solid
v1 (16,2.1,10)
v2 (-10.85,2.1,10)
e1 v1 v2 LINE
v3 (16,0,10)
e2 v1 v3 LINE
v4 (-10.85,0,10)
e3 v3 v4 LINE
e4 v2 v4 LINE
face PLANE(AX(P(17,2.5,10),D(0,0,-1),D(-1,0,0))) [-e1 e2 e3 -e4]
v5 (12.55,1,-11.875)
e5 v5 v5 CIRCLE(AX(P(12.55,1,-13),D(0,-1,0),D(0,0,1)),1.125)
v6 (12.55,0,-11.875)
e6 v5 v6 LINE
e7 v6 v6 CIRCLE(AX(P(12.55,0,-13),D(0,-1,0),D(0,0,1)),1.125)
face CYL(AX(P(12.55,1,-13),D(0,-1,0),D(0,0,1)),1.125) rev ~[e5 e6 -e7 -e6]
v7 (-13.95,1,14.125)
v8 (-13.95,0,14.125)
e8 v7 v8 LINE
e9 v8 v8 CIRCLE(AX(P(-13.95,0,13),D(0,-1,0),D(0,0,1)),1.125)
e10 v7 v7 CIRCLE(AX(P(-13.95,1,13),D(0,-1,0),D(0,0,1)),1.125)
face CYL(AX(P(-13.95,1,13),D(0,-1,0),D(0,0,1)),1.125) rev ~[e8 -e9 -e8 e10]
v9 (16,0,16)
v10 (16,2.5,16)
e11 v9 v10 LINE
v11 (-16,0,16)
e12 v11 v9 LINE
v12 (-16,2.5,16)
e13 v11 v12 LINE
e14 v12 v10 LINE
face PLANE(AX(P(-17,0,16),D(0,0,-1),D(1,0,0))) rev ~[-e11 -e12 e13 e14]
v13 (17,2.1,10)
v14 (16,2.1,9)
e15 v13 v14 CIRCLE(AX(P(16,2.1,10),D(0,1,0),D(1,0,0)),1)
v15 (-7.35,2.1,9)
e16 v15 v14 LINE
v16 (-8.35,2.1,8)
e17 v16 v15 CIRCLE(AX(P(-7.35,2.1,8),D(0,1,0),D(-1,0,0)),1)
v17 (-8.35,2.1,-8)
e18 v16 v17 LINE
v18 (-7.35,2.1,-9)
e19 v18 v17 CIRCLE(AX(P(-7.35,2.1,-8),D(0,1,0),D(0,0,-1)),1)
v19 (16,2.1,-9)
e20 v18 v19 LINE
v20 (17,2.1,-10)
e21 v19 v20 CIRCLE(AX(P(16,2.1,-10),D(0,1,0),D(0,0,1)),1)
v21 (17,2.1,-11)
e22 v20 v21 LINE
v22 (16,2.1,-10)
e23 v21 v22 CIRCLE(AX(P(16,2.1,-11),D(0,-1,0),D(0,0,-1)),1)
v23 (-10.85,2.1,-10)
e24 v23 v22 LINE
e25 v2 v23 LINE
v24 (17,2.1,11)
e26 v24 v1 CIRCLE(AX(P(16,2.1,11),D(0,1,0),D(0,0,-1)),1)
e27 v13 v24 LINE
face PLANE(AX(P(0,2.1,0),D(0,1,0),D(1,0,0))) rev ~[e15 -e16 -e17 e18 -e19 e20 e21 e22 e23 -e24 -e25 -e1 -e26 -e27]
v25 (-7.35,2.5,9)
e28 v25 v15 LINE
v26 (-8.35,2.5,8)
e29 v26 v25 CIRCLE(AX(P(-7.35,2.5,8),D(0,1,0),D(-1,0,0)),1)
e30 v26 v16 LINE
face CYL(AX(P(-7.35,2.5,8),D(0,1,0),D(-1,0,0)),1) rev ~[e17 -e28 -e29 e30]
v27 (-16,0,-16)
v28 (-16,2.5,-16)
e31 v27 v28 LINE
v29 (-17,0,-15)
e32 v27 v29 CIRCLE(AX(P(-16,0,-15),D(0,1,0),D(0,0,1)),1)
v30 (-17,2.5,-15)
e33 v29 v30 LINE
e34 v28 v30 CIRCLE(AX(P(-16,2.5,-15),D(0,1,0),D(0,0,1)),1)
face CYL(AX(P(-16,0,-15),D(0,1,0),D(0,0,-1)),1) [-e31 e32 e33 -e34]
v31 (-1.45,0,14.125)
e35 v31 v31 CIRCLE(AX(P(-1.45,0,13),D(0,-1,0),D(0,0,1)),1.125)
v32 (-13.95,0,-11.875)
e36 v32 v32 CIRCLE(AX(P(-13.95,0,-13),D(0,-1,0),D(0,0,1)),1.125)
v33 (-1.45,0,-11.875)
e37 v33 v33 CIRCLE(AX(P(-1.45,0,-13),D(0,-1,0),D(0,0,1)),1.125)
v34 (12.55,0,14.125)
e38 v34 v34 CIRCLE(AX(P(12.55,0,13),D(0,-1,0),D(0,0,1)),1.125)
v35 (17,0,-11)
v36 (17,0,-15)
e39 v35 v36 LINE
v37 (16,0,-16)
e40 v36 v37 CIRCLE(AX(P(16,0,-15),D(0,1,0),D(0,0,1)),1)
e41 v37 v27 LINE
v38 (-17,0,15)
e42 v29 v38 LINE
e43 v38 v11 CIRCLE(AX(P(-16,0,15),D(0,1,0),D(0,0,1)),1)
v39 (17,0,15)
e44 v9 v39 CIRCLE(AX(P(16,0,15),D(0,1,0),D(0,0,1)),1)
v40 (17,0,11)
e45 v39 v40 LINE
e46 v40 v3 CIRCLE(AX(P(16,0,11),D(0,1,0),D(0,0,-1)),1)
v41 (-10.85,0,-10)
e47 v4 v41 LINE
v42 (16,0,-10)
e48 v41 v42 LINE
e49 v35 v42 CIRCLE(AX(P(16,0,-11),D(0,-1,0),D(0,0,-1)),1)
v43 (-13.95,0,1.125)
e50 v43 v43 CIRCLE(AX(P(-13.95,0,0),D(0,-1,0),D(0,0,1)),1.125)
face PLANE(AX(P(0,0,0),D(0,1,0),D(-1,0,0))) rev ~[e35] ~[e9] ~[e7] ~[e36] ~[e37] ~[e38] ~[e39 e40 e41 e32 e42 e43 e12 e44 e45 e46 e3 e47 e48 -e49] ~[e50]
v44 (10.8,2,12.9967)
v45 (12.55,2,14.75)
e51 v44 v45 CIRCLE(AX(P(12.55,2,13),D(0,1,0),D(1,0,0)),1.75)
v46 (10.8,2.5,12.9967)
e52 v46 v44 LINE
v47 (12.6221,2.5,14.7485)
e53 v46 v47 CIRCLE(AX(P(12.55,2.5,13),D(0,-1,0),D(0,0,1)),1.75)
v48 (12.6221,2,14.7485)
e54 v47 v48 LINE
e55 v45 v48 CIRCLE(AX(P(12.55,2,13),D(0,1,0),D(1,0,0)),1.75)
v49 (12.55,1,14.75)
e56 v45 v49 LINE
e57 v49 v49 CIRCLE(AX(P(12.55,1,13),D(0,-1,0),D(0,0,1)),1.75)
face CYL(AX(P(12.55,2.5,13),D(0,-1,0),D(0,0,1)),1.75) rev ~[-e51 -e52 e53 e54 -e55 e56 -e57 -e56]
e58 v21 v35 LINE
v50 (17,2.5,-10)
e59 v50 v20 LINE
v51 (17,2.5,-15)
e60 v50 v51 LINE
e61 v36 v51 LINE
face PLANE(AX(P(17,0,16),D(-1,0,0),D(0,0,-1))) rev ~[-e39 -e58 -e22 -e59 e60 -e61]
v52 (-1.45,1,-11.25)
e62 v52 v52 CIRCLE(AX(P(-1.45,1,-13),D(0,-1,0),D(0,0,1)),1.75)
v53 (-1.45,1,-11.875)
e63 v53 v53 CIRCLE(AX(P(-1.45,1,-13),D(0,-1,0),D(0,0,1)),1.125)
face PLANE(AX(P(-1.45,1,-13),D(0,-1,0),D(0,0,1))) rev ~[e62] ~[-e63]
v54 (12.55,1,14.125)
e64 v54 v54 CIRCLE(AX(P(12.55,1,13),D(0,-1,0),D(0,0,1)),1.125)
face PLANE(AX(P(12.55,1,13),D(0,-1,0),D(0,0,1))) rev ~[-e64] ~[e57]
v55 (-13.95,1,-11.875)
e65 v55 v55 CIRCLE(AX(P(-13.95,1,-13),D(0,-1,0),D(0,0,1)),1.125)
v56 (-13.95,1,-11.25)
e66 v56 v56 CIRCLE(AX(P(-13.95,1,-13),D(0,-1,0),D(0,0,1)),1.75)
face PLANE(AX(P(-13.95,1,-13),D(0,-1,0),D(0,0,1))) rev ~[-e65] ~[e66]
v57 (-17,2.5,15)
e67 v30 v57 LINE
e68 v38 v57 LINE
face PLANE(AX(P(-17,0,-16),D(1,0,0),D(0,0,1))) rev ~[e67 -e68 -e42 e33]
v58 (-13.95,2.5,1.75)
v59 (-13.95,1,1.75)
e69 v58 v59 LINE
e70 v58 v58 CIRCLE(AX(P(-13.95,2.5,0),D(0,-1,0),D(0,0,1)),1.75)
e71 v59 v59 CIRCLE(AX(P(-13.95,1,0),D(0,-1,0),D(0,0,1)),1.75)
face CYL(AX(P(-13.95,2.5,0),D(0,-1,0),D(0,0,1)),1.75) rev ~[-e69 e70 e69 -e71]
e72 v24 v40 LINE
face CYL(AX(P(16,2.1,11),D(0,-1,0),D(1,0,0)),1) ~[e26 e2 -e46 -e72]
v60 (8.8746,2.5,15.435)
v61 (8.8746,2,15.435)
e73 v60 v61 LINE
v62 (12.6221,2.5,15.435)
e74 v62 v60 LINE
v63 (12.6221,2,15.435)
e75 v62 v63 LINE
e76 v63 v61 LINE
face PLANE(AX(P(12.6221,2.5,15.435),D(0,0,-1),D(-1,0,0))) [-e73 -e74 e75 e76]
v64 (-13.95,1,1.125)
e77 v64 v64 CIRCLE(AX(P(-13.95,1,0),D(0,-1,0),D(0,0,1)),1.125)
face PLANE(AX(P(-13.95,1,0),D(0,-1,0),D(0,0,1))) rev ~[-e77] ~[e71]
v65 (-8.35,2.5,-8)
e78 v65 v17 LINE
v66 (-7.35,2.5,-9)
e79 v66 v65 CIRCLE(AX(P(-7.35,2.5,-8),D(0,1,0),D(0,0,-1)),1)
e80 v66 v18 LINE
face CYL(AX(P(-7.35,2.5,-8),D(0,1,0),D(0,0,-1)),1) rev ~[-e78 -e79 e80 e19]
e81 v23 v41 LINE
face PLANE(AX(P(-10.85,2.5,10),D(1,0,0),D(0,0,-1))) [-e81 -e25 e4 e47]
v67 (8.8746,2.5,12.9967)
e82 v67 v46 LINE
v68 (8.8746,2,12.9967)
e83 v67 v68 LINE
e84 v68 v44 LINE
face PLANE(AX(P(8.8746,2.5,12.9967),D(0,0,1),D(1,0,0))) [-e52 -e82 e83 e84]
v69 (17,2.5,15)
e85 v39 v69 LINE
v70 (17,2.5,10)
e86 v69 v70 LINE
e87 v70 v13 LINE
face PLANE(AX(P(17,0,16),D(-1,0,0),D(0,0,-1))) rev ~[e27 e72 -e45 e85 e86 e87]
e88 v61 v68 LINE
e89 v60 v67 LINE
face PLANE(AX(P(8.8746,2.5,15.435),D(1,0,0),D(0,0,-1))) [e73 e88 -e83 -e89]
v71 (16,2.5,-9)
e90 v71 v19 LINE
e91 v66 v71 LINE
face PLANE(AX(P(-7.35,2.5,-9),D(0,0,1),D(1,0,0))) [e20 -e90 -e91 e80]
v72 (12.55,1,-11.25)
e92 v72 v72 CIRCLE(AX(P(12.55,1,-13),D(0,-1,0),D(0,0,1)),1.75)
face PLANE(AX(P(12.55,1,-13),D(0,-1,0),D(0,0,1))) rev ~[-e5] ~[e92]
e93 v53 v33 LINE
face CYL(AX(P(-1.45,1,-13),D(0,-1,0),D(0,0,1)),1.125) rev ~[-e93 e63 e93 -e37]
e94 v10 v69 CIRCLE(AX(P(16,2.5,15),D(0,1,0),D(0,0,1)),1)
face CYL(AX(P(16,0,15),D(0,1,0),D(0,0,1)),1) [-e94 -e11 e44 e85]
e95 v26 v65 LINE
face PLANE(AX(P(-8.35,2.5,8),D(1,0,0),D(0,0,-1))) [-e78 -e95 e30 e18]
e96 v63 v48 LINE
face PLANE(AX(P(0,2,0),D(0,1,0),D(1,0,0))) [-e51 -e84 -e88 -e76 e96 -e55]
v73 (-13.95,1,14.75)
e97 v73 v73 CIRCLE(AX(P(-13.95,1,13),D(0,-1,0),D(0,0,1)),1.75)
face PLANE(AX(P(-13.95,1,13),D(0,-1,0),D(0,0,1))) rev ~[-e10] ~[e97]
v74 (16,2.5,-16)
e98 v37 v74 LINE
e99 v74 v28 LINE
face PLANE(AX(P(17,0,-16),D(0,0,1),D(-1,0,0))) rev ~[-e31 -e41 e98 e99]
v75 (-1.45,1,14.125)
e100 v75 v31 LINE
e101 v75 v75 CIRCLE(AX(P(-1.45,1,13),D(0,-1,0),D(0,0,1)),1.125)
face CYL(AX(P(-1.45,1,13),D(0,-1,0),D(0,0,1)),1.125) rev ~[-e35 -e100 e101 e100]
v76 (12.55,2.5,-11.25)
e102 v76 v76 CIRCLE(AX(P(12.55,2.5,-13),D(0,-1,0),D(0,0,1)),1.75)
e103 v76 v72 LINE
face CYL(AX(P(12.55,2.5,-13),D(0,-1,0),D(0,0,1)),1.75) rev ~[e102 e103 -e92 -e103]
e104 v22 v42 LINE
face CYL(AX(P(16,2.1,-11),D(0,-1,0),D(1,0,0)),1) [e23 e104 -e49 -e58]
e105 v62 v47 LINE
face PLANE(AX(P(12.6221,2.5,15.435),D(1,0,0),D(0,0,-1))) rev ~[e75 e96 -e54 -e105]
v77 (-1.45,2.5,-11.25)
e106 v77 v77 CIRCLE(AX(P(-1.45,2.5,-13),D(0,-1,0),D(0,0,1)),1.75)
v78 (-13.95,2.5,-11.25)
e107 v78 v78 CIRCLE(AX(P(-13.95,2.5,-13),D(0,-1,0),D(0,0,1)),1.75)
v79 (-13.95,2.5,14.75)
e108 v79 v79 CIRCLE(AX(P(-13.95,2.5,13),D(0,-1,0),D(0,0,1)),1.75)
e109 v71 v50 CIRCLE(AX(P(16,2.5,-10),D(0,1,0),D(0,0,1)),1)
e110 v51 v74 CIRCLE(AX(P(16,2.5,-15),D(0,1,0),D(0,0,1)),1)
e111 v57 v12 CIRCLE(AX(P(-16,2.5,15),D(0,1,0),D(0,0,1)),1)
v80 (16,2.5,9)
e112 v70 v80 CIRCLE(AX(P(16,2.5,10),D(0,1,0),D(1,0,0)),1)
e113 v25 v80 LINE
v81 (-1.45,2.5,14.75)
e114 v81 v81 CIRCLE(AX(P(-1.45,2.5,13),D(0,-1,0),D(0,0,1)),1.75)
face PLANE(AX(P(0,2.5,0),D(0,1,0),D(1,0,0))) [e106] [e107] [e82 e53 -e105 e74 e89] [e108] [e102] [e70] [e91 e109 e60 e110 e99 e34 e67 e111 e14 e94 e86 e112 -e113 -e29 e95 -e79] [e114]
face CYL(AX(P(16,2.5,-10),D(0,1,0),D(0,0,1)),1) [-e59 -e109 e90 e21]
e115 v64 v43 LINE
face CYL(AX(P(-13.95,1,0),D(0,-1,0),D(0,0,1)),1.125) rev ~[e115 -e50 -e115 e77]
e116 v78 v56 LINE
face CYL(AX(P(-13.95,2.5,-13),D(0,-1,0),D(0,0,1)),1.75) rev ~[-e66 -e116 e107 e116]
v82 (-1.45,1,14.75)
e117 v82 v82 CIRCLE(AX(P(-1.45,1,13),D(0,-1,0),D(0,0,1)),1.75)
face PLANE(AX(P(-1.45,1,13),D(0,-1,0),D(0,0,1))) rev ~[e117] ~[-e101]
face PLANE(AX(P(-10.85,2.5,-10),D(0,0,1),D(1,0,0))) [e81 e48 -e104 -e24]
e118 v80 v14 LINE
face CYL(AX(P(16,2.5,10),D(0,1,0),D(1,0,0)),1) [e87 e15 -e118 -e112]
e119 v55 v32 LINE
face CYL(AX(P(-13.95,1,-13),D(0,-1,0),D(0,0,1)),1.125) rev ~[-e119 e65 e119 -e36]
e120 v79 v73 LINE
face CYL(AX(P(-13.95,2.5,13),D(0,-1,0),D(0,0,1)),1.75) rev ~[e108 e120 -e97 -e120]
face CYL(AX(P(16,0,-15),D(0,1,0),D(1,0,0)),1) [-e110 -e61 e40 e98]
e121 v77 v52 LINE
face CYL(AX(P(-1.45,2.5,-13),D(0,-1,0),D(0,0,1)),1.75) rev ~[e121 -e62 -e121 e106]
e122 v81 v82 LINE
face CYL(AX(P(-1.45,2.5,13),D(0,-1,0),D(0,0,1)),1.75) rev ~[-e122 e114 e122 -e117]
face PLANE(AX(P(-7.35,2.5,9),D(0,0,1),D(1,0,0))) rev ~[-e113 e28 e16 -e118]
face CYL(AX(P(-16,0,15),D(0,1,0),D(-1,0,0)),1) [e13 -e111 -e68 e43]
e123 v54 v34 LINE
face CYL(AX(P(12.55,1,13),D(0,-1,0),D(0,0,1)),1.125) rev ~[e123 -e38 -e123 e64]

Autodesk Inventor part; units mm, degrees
ref_plane "YZ Plane" through (0, 0, 0) normal (1, 0, 0) x (0, 1, 0)
ref_plane "XZ Plane" through (0, 0, 0) normal (0, 1, 0) x (-1, 0, 0)
ref_plane "XY Plane" through (0, 0, 0) normal (0, 0, 1) x (1, 0, 0)
sketch "Sketch1" plane through (0, 0, 0) normal (0, 1, 0) x (-1, 0, 0)
  line L0 (-17, -16) -> (17, -16)
  line L1 (17, -16) -> (17, 16)
  line L2 (17, 16) -> (-17, 16)
  line L3 (-17, 16) -> (-17, -16)
  line L4 (-17, -16) -> (17, 16) construction
  line L5 (17, -16) -> (-17, 16) construction
  point P0 (0, 0)
  dimension "d0" = 32
  dimension "d1" = 34
extrude "Extrusion1" add sketch "Sketch1" along normal blind 2.5
sketch "Sketch2" plane through (0, 2.5, 0) normal (0, 1, 0) x (1, 0, 0)
  line L0 (17, -16) -> (17, 16) projected
  line L1 (17, -10) -> (-10.85, -10)
  line L2 (-10.85, -10) -> (-10.85, 10)
  line L3 (-10.85, 10) -> (17, 10)
  line L4 (17, 10) -> (17, -10)
  point P0 (0, 0)
  point P1 (17, 10)
  dimension "d4" = 20
  dimension "d5" = 10
  dimension "d6" = 27.85
extrude "Extrusion2" cut sketch "Sketch2" against normal through all
sketch "Sketch3" plane through (0, 2.5, 0) normal (0, 1, 0) x (1, 0, 0)
  line L0 (17, -10) -> (-10.85, -10) projected
  line L1 (-10.85, -10) -> (-10.85, 10) projected
  line L2 (-10.85, 10) -> (17, 10) projected
  line L3 (17, -10) -> (-10.85, -10)
  line L4 (-10.85, -10) -> (-10.85, -9)
  line L5 (-7.35, -9) -> (16, -9)
  line L6 (17, -10) -> (17, -10)
  line L7 (17, 10) -> (-10.85, 10)
  line L8 (-10.85, 10) -> (-10.85, 9)
  line L9 (-7.35, 9) -> (16, 9)
  line L10 (17, 10) -> (17, 10)
  line L11 (-10.85, -10) -> (-8.35, -10)
  line L12 (-8.35, -8) -> (-8.35, 8)
  line L13 (-8.35, 10) -> (-10.85, 10)
  line L14 (-10.85, 10) -> (-10.85, -10)
  arc A0 (17, -10) -> (16, -9) centre (16, -10) ccw
  arc A1 (-8.35, -8) -> (-7.35, -9) centre (-7.35, -8) ccw
  arc A2 (-7.35, 9) -> (-8.35, 8) centre (-7.35, 8) ccw
  arc A3 (16, 9) -> (17, 10) centre (16, 10) ccw
  point P0 (0, 0)
  point P1 (17, -9)
  point P2 (17, 9)
  point P3 (-7.5, -9)
  point P4 (-7.5, 9)
  point P5 (17, 10)
  dimension "d9" = 1
  dimension "d10" = 1
  dimension "d11" = 2.5
  dimension "d14" = 1
extrude "Extrusion3" add sketch "Sketch3" against normal blind 0.4
sketch "Sketch4" plane through (0, 2.5, 0) normal (0, 1, 0) x (1, 0, 0)
  line L0 (-10.85, 10) -> (-10.85, -10) projected
  line L1 (-17, 16) -> (-17, -16) projected
  line L2 (-10.85, 10) -> (-10.85, -10) projected
  line L3 (-10.85, 10) -> (-10.85, -10) projected
  point P0 (0, 0)
  point P1 (12.55, -13)
  point P2 (-13.95, -13)
  point P3 (-13.95, 13)
  point P4 (12.55, 13)
  point P5 (-13.95, 0)
  point P6 (-1.45, -13)
  point P7 (-1.45, 13)
  dimension "d27" = 13
  dimension "d28" = 13
  dimension "d29" = 12.5
  dimension "d30" = 14
  dimension "d31" = 3.1
hole "Hole1" at (12.55, 2.5, 13) at (-13.95, 2.5, 13) at (-13.95, 2.5, -13) at (12.55, 2.5, -13) at (-1.45, 2.5, 13) at (-1.45, 2.5, -13) at (-13.95, 2.5, 0) direction (0, -1, 0) diameter 2.25 end through all counterbore diameter 3.5 counterbore depth 1.5
fillet "Fillet1" radius 1 6 edges at (-17, 1.25, 16) (-17, 1.25, -16) (17, 1.05, 10) (17, 1.25, 16) (17, 1.05, -10) (17, 1.25, -16)
sketch "Sketch5" plane through (0, 2.5, 0) normal (0, 1, 0) x (1, 0, 0)
  circle A0 centre (12.55, -13) radius 1.75 projected
  line L0 (12.6221, -15.435) -> (8.8746, -15.435)
  line L1 (8.8746, -15.435) -> (8.8746, -12.9967)
  line L2 (8.8746, -12.9967) -> (10.8, -12.9967)
  line L3 (12.6221, -15.435) -> (12.6221, -14.7485)
  point P0 (0, 0)
extrude "Extrusion4" cut sketch "Sketch5" against normal blind 0.5 contours A0 L3 L0 L1 L2
equation "\"d5\" = 0.5 * d4"
equation "\"d10\" = d9"
equation "\"d28\" = d27"
properties part number "Flex Circuit Clamp V2"
